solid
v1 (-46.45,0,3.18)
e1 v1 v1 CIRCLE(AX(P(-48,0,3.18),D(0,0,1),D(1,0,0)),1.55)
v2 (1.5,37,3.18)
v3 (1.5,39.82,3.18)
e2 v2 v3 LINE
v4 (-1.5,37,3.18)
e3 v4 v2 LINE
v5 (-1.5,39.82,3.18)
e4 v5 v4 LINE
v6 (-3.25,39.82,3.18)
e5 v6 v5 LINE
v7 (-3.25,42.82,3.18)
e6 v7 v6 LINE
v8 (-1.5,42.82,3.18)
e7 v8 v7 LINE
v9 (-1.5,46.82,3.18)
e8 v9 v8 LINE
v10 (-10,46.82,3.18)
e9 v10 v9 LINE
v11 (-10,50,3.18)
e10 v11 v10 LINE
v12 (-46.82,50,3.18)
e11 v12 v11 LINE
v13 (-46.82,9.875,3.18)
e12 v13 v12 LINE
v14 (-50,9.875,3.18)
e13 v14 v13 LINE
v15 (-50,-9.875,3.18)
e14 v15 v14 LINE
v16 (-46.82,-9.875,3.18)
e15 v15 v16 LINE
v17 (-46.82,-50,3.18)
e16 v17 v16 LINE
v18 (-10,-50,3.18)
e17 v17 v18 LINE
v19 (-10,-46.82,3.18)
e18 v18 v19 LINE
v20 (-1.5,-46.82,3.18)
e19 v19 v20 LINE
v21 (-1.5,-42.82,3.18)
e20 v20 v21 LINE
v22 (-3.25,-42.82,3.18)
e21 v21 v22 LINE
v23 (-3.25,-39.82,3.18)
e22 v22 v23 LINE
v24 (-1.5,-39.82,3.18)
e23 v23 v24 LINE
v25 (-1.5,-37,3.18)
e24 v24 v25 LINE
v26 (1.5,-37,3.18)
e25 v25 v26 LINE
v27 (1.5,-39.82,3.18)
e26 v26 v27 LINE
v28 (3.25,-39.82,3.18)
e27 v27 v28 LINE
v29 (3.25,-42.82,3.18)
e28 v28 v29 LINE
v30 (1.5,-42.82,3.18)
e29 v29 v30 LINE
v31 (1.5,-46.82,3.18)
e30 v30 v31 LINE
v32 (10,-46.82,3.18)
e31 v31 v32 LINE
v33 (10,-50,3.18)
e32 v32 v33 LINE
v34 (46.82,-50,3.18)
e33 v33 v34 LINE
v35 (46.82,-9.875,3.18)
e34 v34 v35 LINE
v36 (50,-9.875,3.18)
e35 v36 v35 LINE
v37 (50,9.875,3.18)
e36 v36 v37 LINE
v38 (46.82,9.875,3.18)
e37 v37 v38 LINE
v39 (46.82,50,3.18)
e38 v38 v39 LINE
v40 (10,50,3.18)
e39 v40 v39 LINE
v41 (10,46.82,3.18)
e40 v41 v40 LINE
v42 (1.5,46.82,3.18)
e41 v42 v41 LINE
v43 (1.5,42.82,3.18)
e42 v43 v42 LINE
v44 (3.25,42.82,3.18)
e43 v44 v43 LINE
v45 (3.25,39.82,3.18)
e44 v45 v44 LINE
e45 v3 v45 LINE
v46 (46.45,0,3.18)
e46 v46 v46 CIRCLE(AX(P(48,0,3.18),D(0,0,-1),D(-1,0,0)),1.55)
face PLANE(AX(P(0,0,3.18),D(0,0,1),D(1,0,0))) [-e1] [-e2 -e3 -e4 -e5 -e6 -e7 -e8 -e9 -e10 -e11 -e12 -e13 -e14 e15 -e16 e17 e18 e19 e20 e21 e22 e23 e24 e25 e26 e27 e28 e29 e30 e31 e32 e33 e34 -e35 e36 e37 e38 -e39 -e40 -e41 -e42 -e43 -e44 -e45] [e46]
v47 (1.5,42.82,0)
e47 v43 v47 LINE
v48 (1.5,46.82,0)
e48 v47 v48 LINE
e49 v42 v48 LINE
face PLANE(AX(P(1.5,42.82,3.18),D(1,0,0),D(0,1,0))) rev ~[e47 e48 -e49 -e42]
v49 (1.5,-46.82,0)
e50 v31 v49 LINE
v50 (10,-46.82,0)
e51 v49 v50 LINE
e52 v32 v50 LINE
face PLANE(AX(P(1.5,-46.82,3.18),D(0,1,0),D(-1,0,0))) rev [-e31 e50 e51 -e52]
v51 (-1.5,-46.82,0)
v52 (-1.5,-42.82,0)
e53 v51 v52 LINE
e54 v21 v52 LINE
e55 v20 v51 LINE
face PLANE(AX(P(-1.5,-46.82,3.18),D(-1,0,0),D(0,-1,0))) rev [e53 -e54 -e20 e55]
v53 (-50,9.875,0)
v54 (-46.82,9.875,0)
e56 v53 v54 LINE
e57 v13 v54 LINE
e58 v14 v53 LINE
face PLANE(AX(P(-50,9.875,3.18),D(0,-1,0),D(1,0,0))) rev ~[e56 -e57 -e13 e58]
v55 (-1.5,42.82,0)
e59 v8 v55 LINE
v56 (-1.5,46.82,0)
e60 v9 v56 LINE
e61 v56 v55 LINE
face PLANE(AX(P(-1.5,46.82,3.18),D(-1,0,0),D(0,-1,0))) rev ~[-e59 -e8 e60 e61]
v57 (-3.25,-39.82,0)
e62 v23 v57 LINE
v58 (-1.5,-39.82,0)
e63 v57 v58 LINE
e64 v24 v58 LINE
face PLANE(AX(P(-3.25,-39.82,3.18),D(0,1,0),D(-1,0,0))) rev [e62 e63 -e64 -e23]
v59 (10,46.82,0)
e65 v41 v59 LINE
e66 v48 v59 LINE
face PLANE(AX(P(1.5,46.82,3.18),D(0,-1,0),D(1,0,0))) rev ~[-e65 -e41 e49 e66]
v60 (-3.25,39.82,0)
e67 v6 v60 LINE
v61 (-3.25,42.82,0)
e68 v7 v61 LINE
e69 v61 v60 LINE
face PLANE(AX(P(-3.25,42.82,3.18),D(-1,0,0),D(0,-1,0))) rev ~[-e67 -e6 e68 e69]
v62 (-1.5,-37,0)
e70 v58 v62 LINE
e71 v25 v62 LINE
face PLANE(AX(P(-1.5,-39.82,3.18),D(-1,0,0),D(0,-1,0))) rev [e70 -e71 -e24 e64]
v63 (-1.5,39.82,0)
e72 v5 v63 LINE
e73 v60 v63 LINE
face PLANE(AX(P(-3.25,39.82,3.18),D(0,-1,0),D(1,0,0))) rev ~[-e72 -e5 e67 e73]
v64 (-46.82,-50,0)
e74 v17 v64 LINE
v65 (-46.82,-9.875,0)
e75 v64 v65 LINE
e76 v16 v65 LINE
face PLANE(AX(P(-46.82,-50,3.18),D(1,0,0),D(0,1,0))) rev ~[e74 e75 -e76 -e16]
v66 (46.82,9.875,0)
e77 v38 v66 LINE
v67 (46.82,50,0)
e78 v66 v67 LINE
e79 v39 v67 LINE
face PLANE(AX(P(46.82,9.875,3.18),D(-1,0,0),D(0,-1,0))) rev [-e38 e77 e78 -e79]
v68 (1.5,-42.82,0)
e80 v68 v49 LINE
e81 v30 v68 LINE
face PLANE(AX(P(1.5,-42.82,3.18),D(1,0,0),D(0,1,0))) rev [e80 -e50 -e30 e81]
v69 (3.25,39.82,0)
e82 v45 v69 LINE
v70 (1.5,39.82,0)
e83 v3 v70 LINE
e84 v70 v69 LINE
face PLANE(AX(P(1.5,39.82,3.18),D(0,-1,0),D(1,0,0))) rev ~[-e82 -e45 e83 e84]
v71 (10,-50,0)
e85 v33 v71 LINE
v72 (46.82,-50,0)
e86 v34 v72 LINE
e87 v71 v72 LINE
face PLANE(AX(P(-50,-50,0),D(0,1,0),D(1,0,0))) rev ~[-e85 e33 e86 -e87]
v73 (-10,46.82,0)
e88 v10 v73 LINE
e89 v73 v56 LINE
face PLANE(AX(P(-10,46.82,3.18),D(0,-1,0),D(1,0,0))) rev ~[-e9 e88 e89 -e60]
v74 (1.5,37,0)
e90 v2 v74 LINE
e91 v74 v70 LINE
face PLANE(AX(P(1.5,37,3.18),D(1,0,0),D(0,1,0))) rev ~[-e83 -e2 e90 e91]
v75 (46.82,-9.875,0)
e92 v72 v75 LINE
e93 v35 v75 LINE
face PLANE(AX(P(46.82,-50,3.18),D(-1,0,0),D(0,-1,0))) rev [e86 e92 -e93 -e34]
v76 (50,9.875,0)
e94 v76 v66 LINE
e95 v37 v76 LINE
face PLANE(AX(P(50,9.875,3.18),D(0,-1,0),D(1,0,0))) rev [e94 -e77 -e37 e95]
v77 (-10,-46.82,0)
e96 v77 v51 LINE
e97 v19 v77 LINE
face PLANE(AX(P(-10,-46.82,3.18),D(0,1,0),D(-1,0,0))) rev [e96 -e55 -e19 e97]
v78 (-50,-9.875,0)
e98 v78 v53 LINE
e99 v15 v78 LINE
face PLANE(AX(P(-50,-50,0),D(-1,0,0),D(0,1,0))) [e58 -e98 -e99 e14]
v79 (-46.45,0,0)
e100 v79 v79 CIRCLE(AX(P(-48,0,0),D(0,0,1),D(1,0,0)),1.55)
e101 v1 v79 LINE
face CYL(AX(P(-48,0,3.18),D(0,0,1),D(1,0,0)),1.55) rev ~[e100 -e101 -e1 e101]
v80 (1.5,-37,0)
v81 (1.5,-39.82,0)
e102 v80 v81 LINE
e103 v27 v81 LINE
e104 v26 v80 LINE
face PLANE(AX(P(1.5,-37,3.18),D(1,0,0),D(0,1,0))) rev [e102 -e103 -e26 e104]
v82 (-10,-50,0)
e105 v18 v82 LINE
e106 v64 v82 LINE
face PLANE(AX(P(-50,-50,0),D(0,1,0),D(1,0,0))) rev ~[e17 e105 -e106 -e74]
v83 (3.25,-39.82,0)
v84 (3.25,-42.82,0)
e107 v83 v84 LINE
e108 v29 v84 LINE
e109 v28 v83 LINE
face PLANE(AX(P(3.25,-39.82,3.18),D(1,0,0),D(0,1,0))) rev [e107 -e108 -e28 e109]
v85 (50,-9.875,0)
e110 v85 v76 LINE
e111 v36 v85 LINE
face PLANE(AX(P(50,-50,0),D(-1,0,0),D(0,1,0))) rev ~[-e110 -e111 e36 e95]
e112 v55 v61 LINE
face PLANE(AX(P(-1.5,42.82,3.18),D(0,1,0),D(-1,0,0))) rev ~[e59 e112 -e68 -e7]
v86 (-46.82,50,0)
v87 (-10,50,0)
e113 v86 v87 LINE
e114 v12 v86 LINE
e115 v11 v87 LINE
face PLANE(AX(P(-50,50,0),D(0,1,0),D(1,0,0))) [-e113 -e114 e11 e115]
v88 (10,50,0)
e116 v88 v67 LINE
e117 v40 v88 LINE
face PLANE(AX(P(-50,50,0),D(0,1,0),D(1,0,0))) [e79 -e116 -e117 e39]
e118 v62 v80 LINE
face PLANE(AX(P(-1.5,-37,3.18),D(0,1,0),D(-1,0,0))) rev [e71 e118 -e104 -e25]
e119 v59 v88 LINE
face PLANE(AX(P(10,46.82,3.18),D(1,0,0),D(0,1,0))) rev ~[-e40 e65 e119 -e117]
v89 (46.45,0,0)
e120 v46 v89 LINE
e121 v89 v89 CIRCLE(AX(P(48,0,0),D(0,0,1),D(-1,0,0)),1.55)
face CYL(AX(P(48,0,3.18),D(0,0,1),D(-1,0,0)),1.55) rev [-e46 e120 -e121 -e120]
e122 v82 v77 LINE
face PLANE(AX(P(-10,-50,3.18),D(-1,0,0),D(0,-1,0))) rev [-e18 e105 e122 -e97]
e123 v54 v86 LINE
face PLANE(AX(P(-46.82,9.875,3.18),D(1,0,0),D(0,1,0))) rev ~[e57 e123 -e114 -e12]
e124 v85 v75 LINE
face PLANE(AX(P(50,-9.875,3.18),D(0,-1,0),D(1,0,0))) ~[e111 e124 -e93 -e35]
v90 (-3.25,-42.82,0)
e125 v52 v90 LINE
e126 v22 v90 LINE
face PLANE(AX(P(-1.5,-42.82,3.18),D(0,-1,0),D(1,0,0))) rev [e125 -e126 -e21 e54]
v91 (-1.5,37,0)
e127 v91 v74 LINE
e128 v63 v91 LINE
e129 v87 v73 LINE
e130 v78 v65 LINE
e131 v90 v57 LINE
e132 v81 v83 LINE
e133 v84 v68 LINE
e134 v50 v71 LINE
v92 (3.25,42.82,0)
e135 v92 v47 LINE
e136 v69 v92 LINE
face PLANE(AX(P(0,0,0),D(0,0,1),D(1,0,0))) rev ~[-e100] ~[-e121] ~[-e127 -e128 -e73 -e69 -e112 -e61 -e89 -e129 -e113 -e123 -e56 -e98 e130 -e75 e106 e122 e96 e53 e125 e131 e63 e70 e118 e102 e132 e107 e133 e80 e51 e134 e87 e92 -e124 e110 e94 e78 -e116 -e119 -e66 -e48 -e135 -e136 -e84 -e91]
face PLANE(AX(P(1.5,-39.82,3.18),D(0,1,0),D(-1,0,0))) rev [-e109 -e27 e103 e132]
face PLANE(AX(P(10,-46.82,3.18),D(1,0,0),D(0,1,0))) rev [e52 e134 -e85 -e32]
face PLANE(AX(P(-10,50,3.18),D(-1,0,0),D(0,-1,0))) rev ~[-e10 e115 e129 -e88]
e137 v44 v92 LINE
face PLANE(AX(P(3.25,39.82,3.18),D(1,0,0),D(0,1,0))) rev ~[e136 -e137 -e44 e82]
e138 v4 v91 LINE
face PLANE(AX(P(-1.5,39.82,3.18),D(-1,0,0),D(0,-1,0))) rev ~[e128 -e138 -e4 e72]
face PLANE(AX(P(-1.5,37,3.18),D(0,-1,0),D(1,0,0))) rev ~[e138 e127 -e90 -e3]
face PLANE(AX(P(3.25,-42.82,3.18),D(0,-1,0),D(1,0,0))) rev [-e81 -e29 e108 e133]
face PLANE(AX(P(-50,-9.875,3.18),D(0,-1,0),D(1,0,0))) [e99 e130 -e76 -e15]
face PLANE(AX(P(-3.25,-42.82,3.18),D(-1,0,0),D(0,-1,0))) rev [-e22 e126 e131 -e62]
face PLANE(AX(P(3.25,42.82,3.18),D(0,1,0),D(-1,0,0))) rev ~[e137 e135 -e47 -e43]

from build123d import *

# Parameters (mm, degrees)
SKETCH1_W           = 100
SKETCH1_H           = 100
BOSS_EXTRUDE2_DEPTH = 3.18
SKETCH2_R           = 1.55
SKETCH2_W           = 3.18
SKETCH2_H           = 40.125
CUT_EXTRUDE1_DEPTH  = 4.18


with BuildPart() as part:
    # Sketch1 → Boss-Extrude2 (new body)
    with BuildSketch(Plane.XY):
        Rectangle(SKETCH1_W, SKETCH1_H)
    extrude(amount=BOSS_EXTRUDE2_DEPTH)

    # Sketch2 → Cut-Extrude1 (cut, through all)
    with BuildSketch(Plane.XY.offset(3.18)):
        with Locations((-48, 0)):
            Circle(SKETCH2_R)
        Polygon((-10, 50), (-10, 46.82), (-1.5, 46.82), (-1.5, 42.82), (-3.25, 42.82), (-3.25, 39.82), (-1.5, 39.82), (-1.5, 37), (1.5, 37), (1.5, 39.82), (3.25, 39.82), (3.25, 42.82), (1.5, 42.82), (1.5, 46.82), (10, 46.82), (10, 50), align=None)
        with Locations((-48.41, 29.9375)):
            Rectangle(SKETCH2_W, SKETCH2_H)
        with Locations((-48.41, -29.9375)):
            Rectangle(SKETCH2_W, SKETCH2_H)
    cut_extrude1 = extrude(amount=-CUT_EXTRUDE1_DEPTH, mode=Mode.SUBTRACT)

    # Mirror1: Cut-Extrude1 across plane
    add(cut_extrude1.mirror(Plane.ZX), mode=Mode.SUBTRACT)

    # Mirror3: Cut-Extrude1 across plane
    add(cut_extrude1.mirror(Plane(origin=(0, 0, 0), x_dir=(0, 0, 1), z_dir=(1, 0, 0))), mode=Mode.SUBTRACT)


solid = part.part
